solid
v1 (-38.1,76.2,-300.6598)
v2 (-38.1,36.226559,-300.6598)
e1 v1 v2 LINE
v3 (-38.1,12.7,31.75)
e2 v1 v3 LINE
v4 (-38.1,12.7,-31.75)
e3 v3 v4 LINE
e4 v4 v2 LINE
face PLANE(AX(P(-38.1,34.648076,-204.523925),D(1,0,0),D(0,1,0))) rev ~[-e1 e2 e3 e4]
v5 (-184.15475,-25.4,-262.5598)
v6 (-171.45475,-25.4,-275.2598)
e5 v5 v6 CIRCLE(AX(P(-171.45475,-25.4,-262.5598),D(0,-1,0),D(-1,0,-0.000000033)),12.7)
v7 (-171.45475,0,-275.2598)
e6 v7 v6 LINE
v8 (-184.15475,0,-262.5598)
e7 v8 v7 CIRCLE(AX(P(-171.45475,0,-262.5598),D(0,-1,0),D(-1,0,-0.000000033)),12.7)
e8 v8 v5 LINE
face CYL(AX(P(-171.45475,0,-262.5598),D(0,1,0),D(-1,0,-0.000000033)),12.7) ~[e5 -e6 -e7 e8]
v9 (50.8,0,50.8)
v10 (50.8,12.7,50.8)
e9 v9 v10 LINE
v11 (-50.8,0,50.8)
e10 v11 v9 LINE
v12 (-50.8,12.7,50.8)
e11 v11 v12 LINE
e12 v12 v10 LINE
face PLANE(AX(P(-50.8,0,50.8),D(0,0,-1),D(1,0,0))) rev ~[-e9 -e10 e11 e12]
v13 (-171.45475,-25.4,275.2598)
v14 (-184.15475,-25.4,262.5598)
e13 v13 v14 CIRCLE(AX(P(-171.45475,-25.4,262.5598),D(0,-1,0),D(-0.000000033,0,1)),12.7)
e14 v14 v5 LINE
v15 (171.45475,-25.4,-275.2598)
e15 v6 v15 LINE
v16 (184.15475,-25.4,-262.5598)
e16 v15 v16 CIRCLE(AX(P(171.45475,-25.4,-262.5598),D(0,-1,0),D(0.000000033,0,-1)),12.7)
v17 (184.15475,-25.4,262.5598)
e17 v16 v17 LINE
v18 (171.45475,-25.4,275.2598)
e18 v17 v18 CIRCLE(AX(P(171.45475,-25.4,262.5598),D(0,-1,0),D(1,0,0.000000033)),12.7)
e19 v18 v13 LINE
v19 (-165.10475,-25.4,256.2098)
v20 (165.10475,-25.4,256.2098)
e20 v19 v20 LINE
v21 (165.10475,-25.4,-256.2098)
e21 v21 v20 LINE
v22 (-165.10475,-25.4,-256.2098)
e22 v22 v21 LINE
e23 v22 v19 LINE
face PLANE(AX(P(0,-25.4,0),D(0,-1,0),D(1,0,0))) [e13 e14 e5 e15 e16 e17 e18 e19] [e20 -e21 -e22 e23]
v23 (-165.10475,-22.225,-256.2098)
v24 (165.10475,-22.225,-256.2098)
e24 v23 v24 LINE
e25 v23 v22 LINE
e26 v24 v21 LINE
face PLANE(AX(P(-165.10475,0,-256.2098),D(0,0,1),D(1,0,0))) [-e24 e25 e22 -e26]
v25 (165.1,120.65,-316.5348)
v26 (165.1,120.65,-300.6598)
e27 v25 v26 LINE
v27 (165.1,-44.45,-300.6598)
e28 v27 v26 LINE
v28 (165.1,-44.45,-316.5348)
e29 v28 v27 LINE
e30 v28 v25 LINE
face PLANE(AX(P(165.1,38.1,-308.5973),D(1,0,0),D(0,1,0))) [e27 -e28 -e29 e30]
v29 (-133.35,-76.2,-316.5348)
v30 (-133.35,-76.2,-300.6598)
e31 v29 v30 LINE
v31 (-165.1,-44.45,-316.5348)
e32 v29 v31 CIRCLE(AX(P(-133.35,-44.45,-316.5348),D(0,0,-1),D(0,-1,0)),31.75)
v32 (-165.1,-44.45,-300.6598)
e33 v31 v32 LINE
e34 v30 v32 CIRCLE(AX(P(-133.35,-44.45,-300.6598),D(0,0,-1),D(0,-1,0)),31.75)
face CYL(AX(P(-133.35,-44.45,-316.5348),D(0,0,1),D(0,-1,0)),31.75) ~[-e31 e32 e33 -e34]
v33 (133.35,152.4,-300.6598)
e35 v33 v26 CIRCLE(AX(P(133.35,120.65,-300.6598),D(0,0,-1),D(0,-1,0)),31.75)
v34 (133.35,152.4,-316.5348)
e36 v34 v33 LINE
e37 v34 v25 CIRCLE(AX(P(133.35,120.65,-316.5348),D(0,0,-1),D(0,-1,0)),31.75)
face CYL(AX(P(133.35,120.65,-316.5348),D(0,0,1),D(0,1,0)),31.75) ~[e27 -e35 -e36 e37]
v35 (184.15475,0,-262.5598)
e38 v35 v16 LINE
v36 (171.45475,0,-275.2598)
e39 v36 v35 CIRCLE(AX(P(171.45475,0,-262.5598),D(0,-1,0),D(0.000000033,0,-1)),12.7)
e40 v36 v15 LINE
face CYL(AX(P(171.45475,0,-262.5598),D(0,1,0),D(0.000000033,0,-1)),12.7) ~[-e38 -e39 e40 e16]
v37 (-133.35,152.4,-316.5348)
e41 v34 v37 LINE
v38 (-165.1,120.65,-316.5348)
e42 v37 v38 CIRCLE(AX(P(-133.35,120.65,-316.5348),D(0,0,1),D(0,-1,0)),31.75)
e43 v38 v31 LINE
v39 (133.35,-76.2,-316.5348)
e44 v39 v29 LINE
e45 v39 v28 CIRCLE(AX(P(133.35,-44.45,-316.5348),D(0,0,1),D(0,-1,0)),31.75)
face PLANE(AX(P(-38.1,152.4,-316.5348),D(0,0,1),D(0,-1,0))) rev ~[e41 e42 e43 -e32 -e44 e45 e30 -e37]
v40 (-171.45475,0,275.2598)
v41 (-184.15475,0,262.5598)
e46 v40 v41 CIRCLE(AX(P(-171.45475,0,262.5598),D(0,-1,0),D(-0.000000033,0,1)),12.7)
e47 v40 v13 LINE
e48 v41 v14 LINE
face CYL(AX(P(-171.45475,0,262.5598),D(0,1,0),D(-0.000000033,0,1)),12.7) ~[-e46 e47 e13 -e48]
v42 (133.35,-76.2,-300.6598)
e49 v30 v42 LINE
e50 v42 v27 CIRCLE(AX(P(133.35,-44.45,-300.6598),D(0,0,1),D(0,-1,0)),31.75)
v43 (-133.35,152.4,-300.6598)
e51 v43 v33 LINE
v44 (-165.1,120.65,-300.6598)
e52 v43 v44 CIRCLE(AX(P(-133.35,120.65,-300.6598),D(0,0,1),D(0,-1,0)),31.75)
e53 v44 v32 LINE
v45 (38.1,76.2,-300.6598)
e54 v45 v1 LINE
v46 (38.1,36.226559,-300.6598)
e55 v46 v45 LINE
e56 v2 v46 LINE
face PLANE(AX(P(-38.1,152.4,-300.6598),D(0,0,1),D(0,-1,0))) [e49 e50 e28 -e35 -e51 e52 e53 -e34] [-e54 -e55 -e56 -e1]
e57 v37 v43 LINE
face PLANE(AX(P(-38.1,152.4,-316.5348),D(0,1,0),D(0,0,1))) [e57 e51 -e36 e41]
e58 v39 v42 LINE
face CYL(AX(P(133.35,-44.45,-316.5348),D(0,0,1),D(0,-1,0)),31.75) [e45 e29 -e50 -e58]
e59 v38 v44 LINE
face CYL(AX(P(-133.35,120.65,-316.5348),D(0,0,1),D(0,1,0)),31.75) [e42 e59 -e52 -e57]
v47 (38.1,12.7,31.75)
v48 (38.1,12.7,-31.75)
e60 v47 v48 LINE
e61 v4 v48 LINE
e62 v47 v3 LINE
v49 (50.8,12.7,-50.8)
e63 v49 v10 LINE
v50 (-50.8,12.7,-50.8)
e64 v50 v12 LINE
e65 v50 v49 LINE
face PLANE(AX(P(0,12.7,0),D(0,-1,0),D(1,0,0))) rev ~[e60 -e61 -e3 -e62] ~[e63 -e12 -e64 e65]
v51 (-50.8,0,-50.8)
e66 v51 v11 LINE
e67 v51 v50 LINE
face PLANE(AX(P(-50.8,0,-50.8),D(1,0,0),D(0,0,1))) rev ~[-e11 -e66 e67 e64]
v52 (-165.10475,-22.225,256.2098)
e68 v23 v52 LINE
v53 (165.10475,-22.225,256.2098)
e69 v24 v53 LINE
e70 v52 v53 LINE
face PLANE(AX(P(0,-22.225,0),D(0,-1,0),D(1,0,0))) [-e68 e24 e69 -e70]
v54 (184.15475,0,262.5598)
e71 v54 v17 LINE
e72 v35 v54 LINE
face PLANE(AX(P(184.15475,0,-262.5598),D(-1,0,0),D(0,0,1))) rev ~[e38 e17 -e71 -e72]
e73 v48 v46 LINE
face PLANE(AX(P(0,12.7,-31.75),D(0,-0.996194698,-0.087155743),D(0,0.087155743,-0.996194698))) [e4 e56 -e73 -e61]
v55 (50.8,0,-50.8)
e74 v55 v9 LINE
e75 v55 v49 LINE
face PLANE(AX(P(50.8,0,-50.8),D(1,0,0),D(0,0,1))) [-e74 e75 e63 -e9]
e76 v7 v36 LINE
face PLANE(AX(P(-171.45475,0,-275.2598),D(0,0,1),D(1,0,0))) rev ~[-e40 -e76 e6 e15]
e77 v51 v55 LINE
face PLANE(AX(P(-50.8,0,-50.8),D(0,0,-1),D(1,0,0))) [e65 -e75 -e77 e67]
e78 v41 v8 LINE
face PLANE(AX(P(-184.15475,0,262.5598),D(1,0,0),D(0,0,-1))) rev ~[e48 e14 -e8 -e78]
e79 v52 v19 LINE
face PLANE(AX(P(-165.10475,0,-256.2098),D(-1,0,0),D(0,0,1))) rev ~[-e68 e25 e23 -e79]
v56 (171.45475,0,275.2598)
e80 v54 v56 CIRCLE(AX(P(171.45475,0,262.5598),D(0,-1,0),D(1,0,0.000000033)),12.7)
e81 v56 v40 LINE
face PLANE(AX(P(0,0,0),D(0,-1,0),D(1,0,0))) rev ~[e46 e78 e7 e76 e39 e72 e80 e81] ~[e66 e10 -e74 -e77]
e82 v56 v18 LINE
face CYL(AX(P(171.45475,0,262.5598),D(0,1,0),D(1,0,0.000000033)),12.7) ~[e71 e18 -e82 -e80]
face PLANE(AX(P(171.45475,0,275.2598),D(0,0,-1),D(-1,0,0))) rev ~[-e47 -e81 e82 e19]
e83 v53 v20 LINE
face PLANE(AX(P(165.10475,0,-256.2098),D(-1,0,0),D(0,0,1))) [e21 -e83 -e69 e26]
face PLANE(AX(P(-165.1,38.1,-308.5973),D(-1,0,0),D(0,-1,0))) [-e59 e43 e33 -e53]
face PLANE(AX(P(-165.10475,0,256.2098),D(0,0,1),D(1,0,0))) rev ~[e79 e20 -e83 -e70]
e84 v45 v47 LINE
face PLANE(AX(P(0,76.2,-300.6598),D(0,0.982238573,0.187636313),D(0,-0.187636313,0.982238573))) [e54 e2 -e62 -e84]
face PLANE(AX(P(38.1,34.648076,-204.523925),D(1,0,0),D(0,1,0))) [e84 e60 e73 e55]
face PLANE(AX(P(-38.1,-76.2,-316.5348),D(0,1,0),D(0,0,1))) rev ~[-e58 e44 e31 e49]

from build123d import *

# Parameters (mm, degrees)
F0_W      = 330.2095
F0_H      = 512.4196
F1_DEPTH  = 25.4
F2_DEPTH  = 22.225
F3_W      = 101.6
F3_H      = 101.6
F4_DEPTH  = 12.7
F6_DEPTH  = 38.1
F7_W      = 228.6
F7_H      = 15.875
F8_DEPTH  = 127
F9_W      = 228.6
F9_H      = 15.875
F10_DEPTH = 127
F11_R     = 31.75


with BuildPart() as f1:
    # F0 (on Front) → F1 (new body)
    with BuildSketch(Plane.XZ):
        with BuildLine():
            Line((184.15475, -262.5598), (184.15475, 262.5598))
            ThreePointArc((184.15475, 262.5598), (180.435006, 271.540056), (171.45475, 275.2598))
            Line((171.45475, 275.2598), (-171.45475, 275.2598))
            ThreePointArc((-171.45475, 275.2598), (-180.435006, 271.540056), (-184.15475, 262.5598))
            Line((-184.15475, 262.5598), (-184.15475, -262.5598))
            ThreePointArc((-184.15475, -262.5598), (-180.435006, -271.540056), (-171.45475, -275.2598))
            Line((-171.45475, -275.2598), (171.45475, -275.2598))
            ThreePointArc((171.45475, -275.2598), (180.435006, -271.540056), (184.15475, -262.5598))
        make_face()
        Rectangle(F0_W, F0_H, mode=Mode.SUBTRACT)
    extrude(amount=F1_DEPTH)

    # F0 (on Front) → F2 (join)
    with BuildSketch(Plane.XZ):
        Rectangle(F0_W, F0_H)
    extrude(amount=F2_DEPTH)

    # F3 (on face) → F4 (join)
    with BuildSketch(Plane.XZ):
        Rectangle(F3_W, F3_H)
    extrude(amount=-F4_DEPTH)

    # F5 (on Right) → F6 (join, symmetric)
    with BuildSketch(Plane.YZ):
        Polygon((12.7, 31.75), (12.7, -31.75), (36.226559, -300.6598), (-76.2, -300.6598), (-76.2, -316.5348), (152.4, -316.5348), (152.4, -300.6598), (76.2, -300.6598), align=None)
    extrude(amount=F6_DEPTH, both=True)

    # F7 (on face) → F8 (join)
    with BuildSketch(Plane.YZ.offset(38.1)):
        with Locations((38.1, -308.5973)):
            Rectangle(F7_W, F7_H)
    extrude(amount=F8_DEPTH)

    # F9 (on face) → F10 (join)
    with BuildSketch(Plane(origin=(-38.1, 0, 0), x_dir=(0, -1, 0), z_dir=(-1, 0, 0))):
        with Locations((-38.1, -308.5973)):
            Rectangle(F9_W, F9_H)
    extrude(amount=F10_DEPTH)

    # F11
    f11_edges = [f1.edges().sort_by_distance(p)[0] for p in [
        (-165.1, 152.4, -308.5973),
        (165.1, 152.4, -308.5973),
        (165.1, -76.2, -308.5973),
        (-165.1, -76.2, -308.5973),
    ]]
    fillet(f11_edges, radius=F11_R)


solid = f1.part
